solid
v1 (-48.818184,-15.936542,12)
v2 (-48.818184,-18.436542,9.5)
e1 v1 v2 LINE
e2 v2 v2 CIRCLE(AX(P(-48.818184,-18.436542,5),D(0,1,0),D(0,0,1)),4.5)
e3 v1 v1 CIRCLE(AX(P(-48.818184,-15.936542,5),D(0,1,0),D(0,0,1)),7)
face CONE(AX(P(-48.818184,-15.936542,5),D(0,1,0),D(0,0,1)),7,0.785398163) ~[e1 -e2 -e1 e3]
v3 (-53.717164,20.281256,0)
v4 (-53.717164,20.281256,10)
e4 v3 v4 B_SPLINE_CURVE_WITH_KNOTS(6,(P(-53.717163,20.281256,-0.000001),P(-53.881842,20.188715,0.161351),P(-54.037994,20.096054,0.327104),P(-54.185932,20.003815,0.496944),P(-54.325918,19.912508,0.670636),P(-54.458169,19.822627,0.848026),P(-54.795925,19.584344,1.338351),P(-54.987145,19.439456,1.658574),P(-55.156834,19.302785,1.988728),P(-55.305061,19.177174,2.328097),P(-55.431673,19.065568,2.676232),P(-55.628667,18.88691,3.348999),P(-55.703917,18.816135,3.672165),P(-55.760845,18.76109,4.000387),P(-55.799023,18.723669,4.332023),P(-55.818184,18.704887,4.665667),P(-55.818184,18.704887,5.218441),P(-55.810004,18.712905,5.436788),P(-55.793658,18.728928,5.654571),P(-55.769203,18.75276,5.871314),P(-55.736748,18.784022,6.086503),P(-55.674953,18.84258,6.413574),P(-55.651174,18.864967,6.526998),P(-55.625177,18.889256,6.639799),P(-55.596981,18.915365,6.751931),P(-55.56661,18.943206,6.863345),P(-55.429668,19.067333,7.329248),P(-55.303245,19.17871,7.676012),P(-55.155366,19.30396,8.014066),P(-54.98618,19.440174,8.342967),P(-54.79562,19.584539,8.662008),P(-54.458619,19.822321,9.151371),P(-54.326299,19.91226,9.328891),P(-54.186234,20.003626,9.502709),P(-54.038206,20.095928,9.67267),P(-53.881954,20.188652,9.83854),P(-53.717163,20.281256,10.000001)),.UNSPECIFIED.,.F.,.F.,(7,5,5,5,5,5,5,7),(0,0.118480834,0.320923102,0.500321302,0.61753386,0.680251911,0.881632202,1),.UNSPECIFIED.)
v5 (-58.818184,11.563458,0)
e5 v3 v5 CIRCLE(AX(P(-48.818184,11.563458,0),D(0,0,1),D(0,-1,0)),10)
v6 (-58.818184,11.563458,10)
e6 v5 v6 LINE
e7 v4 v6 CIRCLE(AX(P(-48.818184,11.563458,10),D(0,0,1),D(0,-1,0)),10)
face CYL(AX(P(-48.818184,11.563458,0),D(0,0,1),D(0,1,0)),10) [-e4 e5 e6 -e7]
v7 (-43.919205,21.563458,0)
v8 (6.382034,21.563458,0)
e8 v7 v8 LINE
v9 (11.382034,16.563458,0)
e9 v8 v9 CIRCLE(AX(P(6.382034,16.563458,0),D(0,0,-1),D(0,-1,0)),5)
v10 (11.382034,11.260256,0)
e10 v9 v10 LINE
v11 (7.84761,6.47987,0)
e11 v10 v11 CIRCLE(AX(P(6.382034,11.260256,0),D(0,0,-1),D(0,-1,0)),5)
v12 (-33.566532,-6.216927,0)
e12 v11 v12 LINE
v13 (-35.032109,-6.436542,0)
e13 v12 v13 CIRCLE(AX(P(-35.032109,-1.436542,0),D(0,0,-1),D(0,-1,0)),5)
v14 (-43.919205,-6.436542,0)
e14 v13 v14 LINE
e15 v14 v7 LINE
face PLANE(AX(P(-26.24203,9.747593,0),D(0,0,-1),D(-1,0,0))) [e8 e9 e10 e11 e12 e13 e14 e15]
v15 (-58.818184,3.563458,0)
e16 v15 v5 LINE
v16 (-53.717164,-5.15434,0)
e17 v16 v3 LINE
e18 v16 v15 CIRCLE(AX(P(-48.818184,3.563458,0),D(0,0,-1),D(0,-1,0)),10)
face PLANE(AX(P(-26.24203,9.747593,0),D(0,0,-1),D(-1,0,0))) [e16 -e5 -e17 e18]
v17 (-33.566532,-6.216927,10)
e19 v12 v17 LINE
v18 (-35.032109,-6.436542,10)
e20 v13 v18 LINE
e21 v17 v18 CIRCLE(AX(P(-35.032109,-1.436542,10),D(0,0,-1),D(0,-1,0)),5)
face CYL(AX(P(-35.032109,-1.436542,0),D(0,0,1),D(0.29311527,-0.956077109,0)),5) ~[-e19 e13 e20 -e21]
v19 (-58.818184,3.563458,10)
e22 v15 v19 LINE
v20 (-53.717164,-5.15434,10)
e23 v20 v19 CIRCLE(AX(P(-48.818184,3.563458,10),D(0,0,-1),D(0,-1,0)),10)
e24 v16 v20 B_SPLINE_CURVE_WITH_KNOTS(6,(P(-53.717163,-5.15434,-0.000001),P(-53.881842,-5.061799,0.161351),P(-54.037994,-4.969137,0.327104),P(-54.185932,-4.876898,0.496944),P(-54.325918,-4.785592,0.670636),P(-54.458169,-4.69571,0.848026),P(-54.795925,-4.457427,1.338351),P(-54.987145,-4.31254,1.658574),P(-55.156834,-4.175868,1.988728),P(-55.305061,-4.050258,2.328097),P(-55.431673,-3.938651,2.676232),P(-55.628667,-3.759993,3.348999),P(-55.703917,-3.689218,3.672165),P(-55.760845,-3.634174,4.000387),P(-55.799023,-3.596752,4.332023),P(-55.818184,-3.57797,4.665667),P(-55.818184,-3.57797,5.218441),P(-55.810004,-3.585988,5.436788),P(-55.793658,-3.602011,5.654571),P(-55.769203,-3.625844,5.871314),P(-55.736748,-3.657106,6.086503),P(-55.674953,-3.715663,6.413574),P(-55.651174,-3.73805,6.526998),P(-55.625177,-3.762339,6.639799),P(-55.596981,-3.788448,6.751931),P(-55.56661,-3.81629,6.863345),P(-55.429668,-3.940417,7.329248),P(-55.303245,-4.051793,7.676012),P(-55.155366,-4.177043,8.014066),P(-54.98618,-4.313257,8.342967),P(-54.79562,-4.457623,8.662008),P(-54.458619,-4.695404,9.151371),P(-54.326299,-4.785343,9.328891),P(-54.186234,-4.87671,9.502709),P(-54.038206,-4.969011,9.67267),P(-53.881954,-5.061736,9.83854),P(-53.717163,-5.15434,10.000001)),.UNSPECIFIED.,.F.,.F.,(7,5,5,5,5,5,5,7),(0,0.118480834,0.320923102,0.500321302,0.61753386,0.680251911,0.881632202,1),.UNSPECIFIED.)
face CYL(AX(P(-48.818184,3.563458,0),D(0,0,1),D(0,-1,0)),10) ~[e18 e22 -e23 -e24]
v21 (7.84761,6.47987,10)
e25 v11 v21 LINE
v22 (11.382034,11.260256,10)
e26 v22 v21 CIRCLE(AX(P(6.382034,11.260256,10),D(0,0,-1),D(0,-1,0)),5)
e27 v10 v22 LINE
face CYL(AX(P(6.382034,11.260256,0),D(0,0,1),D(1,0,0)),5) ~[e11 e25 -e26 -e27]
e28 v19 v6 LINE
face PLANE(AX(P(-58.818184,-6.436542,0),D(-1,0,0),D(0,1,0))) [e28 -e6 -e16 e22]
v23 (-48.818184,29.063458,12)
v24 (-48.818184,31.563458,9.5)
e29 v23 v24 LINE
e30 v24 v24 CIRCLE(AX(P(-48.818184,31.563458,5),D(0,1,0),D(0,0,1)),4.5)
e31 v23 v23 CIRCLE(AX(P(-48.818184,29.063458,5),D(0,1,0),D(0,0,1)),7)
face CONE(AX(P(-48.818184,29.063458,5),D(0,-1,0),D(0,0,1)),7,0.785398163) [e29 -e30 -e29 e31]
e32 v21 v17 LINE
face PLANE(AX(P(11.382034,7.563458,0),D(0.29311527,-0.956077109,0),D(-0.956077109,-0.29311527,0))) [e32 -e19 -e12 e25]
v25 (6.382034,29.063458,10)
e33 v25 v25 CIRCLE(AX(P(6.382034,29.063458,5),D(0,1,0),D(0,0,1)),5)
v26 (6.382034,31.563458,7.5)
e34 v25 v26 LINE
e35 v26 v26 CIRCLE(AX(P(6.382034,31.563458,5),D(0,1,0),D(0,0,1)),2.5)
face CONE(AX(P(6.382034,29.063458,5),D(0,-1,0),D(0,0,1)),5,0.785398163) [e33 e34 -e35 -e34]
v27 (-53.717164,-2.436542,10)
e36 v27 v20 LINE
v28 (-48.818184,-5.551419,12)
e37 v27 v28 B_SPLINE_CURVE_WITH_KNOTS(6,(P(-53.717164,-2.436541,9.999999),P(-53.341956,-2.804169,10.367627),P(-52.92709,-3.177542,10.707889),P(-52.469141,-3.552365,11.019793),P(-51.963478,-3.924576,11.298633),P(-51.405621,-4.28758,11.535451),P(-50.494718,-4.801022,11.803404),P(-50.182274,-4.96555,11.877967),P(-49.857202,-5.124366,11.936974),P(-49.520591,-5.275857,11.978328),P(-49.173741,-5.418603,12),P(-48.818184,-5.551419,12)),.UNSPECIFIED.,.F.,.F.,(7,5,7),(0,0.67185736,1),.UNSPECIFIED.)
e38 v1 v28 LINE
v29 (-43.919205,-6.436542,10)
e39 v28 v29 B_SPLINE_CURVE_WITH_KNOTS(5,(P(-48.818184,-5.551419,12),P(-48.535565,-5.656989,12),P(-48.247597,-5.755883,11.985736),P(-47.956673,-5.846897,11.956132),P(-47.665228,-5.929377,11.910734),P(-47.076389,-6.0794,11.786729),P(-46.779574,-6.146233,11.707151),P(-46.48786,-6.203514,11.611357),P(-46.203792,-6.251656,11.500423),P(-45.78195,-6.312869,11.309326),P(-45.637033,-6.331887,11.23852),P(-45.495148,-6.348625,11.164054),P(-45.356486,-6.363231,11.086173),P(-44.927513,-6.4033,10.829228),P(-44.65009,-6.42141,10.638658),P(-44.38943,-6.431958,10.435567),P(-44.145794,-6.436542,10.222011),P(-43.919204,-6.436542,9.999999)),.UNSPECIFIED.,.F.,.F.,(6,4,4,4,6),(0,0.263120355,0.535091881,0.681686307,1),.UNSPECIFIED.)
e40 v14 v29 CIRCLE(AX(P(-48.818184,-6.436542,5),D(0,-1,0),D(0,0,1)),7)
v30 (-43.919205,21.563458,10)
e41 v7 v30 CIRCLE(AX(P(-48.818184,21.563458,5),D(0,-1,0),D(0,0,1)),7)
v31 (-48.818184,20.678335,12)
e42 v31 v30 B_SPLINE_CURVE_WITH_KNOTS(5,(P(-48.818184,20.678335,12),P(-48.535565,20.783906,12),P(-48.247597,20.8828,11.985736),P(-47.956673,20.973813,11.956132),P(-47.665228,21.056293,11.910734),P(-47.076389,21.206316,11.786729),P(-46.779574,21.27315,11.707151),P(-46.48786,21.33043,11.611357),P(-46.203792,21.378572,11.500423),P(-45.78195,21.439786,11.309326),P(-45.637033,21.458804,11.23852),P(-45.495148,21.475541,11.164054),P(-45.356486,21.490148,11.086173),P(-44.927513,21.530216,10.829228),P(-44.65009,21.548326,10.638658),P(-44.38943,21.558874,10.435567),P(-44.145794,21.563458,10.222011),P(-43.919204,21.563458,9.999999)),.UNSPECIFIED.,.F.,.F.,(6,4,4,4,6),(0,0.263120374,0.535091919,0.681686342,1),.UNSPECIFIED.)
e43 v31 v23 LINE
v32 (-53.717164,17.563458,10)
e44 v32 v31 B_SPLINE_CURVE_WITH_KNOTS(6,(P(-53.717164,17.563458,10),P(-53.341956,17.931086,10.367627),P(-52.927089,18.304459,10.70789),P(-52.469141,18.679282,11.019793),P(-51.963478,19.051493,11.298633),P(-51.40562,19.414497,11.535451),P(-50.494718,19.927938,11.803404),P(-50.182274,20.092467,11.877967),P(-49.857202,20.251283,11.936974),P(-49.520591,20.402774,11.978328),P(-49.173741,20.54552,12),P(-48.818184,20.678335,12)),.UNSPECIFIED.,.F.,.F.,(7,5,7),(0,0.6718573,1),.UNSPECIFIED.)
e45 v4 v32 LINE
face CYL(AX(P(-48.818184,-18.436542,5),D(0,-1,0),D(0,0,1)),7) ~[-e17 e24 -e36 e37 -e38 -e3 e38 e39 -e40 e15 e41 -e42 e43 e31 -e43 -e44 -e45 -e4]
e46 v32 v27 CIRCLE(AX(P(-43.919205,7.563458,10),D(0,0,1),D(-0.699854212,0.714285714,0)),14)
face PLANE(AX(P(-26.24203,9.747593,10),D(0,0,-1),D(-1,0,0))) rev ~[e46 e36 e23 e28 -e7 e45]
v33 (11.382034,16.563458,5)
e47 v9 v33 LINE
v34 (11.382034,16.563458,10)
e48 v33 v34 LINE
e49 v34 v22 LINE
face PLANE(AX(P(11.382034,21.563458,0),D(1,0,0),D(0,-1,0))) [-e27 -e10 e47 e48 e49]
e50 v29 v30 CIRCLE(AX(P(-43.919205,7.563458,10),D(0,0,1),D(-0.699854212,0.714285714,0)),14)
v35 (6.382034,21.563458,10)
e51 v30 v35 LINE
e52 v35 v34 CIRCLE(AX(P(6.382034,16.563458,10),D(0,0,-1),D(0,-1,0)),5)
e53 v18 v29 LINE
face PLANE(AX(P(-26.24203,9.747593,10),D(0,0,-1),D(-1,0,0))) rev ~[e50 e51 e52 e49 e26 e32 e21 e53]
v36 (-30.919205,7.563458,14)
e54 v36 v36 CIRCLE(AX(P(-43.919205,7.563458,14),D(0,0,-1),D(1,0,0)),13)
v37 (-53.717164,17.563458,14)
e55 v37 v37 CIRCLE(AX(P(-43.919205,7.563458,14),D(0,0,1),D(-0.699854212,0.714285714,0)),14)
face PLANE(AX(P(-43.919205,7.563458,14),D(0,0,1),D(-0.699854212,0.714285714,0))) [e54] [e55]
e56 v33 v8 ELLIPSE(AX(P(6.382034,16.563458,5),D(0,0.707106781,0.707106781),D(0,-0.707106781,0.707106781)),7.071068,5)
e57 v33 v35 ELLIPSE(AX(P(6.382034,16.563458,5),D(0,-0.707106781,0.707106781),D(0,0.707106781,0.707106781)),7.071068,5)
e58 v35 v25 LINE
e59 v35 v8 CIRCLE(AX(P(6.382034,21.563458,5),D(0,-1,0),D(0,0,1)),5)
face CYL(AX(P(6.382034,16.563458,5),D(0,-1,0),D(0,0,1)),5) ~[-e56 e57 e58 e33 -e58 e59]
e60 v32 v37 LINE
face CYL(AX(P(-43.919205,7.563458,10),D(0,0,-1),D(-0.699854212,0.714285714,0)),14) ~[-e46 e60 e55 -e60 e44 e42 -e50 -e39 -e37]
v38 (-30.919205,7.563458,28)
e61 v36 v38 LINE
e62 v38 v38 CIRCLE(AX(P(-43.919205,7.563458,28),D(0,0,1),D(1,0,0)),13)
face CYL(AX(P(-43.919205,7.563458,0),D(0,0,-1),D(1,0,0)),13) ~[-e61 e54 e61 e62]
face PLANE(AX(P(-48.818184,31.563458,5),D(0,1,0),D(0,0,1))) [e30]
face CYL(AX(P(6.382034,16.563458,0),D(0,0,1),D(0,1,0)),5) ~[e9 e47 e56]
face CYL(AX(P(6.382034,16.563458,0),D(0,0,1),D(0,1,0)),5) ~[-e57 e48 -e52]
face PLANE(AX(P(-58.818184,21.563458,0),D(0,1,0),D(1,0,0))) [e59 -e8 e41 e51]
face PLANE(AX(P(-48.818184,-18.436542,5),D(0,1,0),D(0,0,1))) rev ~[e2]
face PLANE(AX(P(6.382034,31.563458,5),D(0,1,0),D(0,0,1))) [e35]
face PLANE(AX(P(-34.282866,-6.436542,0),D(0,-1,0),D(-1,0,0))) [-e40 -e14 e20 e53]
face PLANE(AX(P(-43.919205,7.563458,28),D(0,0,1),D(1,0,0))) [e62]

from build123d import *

# Parameters (mm, degrees)
BOSS_EXTRUDE1_DEPTH      = 10
FILLET1_R                = 10
FILLET2_R                = 5
BOSS_EXTRUDE2_DEPTH      = 10
BOSS_EXTRUDE2_DEPTH_BACK = 40
SKETCH2_R                = 7
BOSS_EXTRUDE3_START      = -5
SKETCH3_R                = 5
BOSS_EXTRUDE3_DEPTH      = 15
CHAMFER1_SIZE            = 2.5
BOSS_EXTRUDE4_DEPTH      = 18
BOSS_EXTRUDE4_DEPTH_BACK = 10
SKETCH4_R                = 13
SKETCH5_R                = 14
BOSS_EXTRUDE5_DEPTH      = 4


with BuildPart() as part:
    # Sketch1 → Boss-Extrude1 (new body)
    with BuildSketch(Plane.XY):
        Polygon((-58.818184361, 21.563458262), (11.382033939, 21.563458262), (11.382033939, 7.563458262), (-34.282866194, -6.436541738), (-58.818184361, -6.436541738), align=None)
    extrude(amount=BOSS_EXTRUDE1_DEPTH)

    # Fillet1
    fillet1_edges = [part.edges().sort_by_distance(p)[0] for p in [
        (-58.818184361, 21.563458262, 5),
        (-58.818184361, -6.436541738, 5),
    ]]
    fillet(fillet1_edges, radius=FILLET1_R)

    # Fillet2
    fillet2_edges = [part.edges().sort_by_distance(p)[0] for p in [
        (11.382033939, 21.563458262, 5),
        (11.382033939, 7.563458262, 5),
        (-34.282866194, -6.436541738, 5),
    ]]
    fillet(fillet2_edges, radius=FILLET2_R)

    # Sketch2 → Boss-Extrude2 (add, two sides: drawn at the far end of the back side and taken through both)
    with BuildSketch(Plane(origin=(0, 21.563458262, 0), x_dir=(1, 0, 0), z_dir=(0, 1, 0)).offset(-BOSS_EXTRUDE2_DEPTH_BACK)):
        with Locations(Location((-48.818184361, -5, 0), (0, 0, 270))):
            Circle(SKETCH2_R)
    extrude(amount=BOSS_EXTRUDE2_DEPTH + BOSS_EXTRUDE2_DEPTH_BACK)

    # Sketch3 → Boss-Extrude3 (add)
    with BuildSketch(Plane(origin=(0, 21.563458262, 0), x_dir=(1, 0, 0), z_dir=(0, 1, 0)).offset(BOSS_EXTRUDE3_START)):
        with Locations(Location((6.382033939, -5, 0), (0, 0, 270))):
            Circle(SKETCH3_R)
    extrude(amount=BOSS_EXTRUDE3_DEPTH)

    # Chamfer1
    chamfer1_edges = [part.edges().sort_by_distance(p)[0] for p in [
        (-48.818184361, -18.436541738, -2),
        (-48.818184361, 31.563458262, -2),
        (6.382033939, 31.563458262, 0),
    ]]
    chamfer(chamfer1_edges, length=CHAMFER1_SIZE)

    # Sketch4 → Boss-Extrude4 (add, two sides: drawn at the far end of the back side and taken through both)
    with BuildSketch(Plane.XY.offset(10).offset(-BOSS_EXTRUDE4_DEPTH_BACK)):
        with Locations((-43.919204876, 7.563458262)):
            Circle(SKETCH4_R)
    extrude(amount=BOSS_EXTRUDE4_DEPTH + BOSS_EXTRUDE4_DEPTH_BACK)

    # Sketch5 → Boss-Extrude5 (add)
    with BuildSketch(Plane.XY.offset(10)):
        with Locations(Location((-43.919204876, 7.563458262, 0), (0, 0, 134.415308597))):
            Circle(SKETCH5_R)
    extrude(amount=BOSS_EXTRUDE5_DEPTH)


solid = part.part
